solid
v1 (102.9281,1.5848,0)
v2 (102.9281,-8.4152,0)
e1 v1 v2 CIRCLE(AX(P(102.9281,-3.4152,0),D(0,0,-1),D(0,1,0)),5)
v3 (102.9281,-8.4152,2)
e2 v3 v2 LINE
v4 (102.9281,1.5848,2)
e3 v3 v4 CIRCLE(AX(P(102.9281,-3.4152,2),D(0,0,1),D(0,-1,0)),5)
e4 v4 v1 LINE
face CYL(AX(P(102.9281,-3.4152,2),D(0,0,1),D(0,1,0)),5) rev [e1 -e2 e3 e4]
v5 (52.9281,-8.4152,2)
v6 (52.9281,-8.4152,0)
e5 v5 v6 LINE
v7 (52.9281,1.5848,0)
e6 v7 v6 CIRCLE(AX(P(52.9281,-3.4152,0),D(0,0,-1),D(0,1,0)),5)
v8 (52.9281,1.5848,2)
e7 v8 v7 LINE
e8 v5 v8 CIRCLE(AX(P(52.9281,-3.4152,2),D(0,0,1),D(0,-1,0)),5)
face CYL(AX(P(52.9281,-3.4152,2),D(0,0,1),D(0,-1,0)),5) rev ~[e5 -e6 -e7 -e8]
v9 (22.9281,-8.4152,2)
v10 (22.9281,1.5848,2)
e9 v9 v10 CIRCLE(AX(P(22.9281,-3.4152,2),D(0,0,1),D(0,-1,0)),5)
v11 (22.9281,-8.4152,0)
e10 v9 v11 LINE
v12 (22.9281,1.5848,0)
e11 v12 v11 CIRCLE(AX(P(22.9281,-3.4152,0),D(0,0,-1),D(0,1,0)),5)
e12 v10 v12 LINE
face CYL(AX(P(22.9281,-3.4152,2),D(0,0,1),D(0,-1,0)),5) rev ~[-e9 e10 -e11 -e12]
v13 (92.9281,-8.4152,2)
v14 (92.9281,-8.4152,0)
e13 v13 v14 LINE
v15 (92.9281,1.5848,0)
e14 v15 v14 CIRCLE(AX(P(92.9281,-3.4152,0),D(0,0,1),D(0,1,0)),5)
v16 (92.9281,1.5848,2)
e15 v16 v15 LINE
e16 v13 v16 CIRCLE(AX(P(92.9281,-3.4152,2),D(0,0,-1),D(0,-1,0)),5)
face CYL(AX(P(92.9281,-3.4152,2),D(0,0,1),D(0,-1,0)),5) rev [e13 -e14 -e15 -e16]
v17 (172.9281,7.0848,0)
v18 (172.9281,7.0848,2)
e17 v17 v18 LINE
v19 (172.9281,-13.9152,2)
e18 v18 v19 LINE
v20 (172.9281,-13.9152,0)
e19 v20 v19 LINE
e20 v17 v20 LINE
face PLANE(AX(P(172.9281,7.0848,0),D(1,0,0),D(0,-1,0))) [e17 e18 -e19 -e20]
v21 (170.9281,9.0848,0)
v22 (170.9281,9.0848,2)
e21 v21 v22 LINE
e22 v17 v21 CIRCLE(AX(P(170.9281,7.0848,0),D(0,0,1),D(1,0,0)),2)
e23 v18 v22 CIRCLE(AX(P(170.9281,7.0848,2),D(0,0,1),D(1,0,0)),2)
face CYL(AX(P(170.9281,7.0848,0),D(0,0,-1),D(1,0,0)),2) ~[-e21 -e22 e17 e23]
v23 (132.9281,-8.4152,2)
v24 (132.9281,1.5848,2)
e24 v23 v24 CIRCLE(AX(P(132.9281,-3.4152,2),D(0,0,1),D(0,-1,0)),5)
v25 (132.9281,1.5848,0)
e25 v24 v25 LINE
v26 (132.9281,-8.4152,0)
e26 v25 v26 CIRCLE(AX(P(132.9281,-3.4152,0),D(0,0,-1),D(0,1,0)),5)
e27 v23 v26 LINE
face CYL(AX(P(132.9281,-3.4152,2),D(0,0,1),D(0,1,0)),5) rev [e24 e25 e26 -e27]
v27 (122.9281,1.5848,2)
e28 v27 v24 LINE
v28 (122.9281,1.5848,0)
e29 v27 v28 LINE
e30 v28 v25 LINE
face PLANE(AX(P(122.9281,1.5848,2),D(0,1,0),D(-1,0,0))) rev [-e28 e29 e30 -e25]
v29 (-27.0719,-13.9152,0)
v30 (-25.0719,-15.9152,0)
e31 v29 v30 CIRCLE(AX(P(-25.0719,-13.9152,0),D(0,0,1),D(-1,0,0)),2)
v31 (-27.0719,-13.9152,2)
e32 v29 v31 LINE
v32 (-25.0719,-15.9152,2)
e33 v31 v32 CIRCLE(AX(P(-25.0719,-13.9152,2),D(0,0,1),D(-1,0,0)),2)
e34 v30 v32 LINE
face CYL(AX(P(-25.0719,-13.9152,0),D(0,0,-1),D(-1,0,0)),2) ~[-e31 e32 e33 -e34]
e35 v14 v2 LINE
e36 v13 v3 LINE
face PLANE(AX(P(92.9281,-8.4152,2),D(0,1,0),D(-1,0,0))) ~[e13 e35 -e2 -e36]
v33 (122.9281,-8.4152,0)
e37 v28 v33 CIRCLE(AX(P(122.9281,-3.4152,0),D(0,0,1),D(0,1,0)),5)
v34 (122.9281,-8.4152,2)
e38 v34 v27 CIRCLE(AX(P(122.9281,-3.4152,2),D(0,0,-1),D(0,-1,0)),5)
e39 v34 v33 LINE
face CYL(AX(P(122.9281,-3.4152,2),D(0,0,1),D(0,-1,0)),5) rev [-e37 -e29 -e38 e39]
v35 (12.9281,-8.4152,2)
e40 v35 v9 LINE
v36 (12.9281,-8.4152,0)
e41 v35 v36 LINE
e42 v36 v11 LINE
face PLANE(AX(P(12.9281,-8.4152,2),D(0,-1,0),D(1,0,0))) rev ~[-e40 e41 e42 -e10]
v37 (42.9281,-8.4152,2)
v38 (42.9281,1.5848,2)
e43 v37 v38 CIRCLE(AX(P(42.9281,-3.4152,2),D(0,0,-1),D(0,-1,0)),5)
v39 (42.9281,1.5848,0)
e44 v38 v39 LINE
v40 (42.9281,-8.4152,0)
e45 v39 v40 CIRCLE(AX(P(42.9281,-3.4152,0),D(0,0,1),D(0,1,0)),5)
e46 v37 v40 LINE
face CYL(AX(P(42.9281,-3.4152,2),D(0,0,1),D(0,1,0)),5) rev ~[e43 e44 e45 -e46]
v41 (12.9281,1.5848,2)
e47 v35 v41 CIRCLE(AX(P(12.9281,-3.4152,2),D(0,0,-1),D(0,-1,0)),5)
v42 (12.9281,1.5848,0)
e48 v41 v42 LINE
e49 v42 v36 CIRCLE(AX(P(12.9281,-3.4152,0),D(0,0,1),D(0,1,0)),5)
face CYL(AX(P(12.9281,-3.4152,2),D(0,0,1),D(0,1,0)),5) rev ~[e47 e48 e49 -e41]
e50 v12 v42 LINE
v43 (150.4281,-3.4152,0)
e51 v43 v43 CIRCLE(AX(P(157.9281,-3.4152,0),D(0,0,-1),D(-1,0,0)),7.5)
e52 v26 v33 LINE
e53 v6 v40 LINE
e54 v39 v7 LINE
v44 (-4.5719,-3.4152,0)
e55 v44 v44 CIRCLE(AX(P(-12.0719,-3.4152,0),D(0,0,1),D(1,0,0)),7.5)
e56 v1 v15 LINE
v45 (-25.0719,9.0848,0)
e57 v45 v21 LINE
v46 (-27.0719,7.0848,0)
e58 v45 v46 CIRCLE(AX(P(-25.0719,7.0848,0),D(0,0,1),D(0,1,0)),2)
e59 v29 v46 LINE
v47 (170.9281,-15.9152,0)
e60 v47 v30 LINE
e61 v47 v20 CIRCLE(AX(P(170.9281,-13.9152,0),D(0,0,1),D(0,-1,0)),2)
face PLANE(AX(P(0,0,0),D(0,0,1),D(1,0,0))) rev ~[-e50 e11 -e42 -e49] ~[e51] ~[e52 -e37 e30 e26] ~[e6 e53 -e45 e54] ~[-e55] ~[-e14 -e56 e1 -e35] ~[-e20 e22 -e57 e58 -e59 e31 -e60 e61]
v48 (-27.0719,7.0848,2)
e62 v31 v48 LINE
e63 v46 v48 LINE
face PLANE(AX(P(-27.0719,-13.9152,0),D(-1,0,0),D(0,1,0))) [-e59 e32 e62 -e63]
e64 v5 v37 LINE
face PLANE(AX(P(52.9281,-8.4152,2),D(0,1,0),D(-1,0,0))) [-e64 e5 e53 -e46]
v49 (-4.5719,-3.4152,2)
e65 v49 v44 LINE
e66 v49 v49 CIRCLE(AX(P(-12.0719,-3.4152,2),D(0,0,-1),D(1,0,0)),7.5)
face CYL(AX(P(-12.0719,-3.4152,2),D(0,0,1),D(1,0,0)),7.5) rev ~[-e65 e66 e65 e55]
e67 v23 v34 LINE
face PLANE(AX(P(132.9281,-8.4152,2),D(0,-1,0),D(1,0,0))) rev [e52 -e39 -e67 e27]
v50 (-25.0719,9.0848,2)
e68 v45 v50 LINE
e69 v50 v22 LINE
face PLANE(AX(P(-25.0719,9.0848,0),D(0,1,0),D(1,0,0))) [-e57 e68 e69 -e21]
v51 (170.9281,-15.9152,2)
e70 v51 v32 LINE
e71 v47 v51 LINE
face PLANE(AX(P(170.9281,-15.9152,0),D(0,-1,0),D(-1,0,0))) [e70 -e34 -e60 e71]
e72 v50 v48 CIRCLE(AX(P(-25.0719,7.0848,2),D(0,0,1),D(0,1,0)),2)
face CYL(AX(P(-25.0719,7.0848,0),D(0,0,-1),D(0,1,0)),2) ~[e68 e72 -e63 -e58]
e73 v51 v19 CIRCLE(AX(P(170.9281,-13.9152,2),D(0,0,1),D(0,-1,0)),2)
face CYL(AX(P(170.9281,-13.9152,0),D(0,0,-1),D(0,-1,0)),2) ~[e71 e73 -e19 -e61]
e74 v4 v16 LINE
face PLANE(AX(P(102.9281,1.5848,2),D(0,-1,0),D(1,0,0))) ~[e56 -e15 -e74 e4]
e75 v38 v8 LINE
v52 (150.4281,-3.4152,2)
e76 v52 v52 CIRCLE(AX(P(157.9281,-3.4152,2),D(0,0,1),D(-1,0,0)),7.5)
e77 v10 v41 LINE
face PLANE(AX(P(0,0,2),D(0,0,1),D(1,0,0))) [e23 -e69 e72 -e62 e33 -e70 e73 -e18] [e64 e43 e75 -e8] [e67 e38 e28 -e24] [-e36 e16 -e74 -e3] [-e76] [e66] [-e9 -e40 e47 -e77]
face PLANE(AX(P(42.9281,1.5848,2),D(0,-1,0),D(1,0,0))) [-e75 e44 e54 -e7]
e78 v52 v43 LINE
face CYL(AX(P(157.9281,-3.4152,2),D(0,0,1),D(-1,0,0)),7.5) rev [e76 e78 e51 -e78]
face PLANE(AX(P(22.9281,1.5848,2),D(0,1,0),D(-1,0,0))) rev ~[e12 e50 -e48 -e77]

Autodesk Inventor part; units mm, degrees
ref_plane "YZ Plane" through (0, 0, 0) normal (1, 0, 0) x (0, 1, 0)
ref_plane "XZ Plane" through (0, 0, 0) normal (0, 1, 0) x (-1, 0, 0)
sketch "Sketch1" plane through (0, 0, 0) normal (0, 0, 1) x (1, 0, 0)
  line L0 (-25.0719, 9.0848) -> (170.9281, 9.0848)
  line L1 (172.9281, 7.0848) -> (172.9281, -13.9152)
  line L2 (170.9281, -15.9152) -> (-25.0719, -15.9152)
  line L3 (-27.0719, -13.9152) -> (-27.0719, 7.0848)
  arc A0 (-25.0719, 9.0848) -> (-27.0719, 7.0848) centre (-25.0719, 7.0848) ccw
  arc A1 (-27.0719, -13.9152) -> (-25.0719, -15.9152) centre (-25.0719, -13.9152) ccw
  arc A2 (170.9281, -15.9152) -> (172.9281, -13.9152) centre (170.9281, -13.9152) ccw
  arc A3 (172.9281, 7.0848) -> (170.9281, 9.0848) centre (170.9281, 7.0848) ccw
  point P0 (0, 0)
  point P1 (172.9281, -15.9152)
  point P2 (172.9281, 9.0848)
  point P3 (-27.0719, -15.9152)
  dimension "d0" = 200
  dimension "d1" = 25
  dimension "d2" = 2
extrude "Extrusion1" add sketch "Sketch1" along normal blind 2
sketch "Sketch2" plane through (0, 0, 2) normal (0, 0, 1) x (1, 0, 0)
  line L0 (170.9281, -15.9152) -> (-25.0719, -15.9152) projected
  line L1 (72.9281, -15.9152) -> (72.9281, 9.0848)
  line L2 (170.9281, 9.0848) -> (-25.0719, 9.0848) projected
  line L3 (-27.0719, 7.0848) -> (-27.0719, -13.9152) projected
  line L4 (-27.0719, -3.4152) -> (172.9281, -3.4152)
  line L5 (172.9281, 7.0848) -> (172.9281, -13.9152) projected
  circle A0 centre (-12.0719, -3.4152) radius 7.5
  line L6 (7.9281, -3.4152) -> (27.9281, -3.4152) construction
  line L7 (12.9281, -8.4152) -> (22.9281, -8.4152)
  line L8 (22.9281, 1.5848) -> (12.9281, 1.5848)
  arc A1 (12.9281, 1.5848) -> (12.9281, -8.4152) centre (12.9281, -3.4152) ccw
  arc A2 (22.9281, -8.4152) -> (22.9281, 1.5848) centre (22.9281, -3.4152) ccw
  line L9 (37.9281, -3.4152) -> (57.9281, -3.4152) construction
  line L10 (42.9281, 1.5848) -> (52.9281, 1.5848)
  line L11 (52.9281, -8.4152) -> (42.9281, -8.4152)
  arc A3 (42.9281, 1.5848) -> (42.9281, -8.4152) centre (42.9281, -3.4152) ccw
  arc A4 (52.9281, -8.4152) -> (52.9281, 1.5848) centre (52.9281, -3.4152) ccw
  point P0 (0, 0)
  point P1 (17.9281, -3.4152)
  point P2 (47.9281, -3.4152)
  dimension "d5" = 15
  dimension "d6" = 15
  dimension "d7" = 20
  dimension "d8" = 10
  dimension "d9" = 20
  dimension "d10" = 30
  dimension "d11" = 25
extrude "Extrusion2" cut sketch "Sketch2" against normal blind 2
ref_plane "Work Plane1" through (72.9281, -13.9152, 0) normal (1, 0, 0) x (0, 0, -1)
mirror "Mirror1" about plane through (72.9281, -13.9152, 0) normal (1, 0, 0) of "Extrusion2"
properties part number "Side Plate"
